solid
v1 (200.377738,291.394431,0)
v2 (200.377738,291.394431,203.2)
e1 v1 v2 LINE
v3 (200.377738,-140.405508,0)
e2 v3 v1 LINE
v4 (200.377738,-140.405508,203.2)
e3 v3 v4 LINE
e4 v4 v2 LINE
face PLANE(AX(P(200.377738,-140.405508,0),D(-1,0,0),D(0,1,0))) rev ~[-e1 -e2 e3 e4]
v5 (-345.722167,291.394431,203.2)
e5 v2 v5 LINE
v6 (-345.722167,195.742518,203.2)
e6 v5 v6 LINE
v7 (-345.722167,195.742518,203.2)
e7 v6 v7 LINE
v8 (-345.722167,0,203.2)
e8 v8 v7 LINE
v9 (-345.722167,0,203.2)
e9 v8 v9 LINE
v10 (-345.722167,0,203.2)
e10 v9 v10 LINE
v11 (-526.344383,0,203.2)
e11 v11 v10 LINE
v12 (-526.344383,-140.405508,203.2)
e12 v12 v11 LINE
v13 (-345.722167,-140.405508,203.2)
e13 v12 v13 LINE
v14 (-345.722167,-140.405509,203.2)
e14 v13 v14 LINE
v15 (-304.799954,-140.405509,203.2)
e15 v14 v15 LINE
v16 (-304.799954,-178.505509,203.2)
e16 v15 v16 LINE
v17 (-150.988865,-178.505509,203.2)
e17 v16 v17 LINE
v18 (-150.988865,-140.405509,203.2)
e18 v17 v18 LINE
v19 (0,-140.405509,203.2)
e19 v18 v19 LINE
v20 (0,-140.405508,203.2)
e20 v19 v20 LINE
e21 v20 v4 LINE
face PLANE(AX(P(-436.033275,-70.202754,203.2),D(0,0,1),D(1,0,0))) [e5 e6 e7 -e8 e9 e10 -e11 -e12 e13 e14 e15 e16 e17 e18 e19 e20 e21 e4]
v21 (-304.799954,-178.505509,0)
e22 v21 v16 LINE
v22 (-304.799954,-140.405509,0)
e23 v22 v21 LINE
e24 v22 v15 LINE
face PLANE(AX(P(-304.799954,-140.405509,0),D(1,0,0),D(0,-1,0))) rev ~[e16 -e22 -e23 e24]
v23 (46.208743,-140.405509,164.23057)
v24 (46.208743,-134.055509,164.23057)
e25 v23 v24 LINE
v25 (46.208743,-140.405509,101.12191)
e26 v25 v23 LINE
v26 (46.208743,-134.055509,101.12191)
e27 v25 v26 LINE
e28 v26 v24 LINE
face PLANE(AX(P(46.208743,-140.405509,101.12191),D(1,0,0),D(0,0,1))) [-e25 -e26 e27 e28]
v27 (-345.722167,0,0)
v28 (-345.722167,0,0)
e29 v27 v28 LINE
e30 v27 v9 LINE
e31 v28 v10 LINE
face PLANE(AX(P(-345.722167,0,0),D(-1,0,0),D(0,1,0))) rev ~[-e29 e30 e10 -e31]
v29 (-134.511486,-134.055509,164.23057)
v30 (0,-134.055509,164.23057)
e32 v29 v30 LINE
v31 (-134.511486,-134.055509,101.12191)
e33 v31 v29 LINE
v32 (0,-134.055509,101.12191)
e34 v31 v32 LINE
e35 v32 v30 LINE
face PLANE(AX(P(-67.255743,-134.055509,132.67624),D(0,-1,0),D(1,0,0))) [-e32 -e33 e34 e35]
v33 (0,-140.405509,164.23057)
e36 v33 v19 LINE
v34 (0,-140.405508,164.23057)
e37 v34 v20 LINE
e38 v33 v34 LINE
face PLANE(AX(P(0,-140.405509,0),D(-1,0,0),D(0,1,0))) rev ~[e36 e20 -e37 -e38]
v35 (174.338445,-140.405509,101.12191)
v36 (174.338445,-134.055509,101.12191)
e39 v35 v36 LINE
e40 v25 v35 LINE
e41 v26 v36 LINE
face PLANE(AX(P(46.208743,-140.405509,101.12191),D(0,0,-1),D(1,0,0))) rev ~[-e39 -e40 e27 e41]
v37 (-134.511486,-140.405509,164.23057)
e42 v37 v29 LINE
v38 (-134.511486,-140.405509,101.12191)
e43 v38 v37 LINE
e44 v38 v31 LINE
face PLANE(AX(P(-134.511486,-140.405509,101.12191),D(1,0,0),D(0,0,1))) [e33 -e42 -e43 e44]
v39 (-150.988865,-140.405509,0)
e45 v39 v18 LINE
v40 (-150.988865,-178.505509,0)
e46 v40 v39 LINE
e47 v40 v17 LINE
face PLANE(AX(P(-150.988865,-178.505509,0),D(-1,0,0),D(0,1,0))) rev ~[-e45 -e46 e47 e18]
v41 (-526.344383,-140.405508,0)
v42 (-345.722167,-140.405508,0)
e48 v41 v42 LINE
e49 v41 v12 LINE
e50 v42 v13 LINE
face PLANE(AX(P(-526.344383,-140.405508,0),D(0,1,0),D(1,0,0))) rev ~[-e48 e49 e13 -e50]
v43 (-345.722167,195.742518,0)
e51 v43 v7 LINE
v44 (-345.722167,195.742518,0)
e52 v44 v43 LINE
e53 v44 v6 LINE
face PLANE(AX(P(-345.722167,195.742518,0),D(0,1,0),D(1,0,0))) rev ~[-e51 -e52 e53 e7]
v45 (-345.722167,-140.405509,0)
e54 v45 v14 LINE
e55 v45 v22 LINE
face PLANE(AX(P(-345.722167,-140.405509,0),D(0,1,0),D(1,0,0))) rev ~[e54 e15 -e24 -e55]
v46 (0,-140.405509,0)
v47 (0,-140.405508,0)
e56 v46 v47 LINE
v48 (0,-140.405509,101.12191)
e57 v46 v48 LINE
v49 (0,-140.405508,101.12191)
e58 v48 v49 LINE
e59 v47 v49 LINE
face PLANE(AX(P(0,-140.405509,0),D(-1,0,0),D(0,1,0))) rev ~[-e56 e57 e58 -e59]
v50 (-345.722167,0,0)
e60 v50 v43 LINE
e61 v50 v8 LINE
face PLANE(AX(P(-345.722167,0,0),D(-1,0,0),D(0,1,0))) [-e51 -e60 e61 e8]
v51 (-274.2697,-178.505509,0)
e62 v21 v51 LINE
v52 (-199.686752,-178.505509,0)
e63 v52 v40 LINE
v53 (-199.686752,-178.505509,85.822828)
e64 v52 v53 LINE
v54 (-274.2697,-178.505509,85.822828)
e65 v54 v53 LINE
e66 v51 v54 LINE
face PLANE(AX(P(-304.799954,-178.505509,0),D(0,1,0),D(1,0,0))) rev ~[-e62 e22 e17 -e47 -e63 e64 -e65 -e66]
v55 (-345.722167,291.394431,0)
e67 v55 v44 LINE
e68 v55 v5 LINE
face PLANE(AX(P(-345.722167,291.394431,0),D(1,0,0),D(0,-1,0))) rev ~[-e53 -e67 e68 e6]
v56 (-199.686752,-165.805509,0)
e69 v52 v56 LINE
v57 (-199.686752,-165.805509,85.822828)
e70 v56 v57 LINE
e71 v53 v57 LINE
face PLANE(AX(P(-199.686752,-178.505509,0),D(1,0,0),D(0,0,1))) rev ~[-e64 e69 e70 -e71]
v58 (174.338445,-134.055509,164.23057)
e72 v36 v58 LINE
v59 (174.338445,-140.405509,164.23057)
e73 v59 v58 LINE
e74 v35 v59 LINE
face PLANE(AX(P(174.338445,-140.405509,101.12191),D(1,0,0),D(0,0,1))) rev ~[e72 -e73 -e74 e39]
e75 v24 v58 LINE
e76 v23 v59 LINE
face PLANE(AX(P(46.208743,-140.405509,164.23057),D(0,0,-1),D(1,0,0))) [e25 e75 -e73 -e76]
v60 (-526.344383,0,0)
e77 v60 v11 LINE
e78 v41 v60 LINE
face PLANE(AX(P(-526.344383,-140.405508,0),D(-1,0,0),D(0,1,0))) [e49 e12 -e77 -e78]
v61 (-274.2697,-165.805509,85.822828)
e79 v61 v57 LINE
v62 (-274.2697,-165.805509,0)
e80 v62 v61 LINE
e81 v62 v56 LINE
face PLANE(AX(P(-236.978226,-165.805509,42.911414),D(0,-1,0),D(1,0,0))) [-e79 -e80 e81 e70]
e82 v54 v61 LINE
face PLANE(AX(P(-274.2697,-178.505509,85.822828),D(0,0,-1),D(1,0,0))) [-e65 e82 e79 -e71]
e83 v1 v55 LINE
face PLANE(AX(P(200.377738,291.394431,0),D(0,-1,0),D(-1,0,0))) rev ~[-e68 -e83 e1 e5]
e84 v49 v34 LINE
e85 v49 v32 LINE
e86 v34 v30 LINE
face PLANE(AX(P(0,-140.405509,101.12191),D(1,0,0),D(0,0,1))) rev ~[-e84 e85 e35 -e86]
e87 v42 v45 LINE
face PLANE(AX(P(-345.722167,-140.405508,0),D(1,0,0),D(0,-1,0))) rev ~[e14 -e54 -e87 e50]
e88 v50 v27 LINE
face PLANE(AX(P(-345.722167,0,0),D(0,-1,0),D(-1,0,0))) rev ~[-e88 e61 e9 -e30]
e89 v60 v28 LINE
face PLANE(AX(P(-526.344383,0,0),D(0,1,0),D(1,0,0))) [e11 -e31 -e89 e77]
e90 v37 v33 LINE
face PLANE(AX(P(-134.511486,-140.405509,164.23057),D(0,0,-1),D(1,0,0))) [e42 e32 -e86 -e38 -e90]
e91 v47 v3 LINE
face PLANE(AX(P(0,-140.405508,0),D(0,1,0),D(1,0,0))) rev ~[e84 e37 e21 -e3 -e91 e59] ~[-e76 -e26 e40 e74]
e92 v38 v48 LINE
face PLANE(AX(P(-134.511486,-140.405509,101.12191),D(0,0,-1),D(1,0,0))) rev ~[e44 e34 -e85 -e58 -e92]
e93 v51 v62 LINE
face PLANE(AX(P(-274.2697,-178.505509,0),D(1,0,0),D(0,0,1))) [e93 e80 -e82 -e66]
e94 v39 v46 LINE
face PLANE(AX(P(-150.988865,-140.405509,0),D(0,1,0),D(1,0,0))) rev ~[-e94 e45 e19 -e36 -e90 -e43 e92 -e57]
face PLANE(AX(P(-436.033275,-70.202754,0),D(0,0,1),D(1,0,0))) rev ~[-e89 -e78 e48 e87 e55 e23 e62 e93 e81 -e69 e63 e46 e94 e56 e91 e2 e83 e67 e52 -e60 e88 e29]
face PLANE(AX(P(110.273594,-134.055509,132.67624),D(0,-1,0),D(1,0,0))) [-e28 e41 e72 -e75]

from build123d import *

# Parameters (mm, degrees)
F0_W     = 180.622216
F0_H     = 140.405509
F0_W_2   = 194.250329
F0_H_2   = 195.742518
F0_W_3   = 200.377738
F0_H_3   = 113.020826
F1_DEPTH = 203.2
F2_W     = 74.582949
F2_H     = 85.822828
F3_DEPTH = 12.7
F4_W     = 134.511486
F4_H     = 63.10866
F5_DEPTH = 6.35
F6_W     = 128.129702
F6_H     = 63.10866
F7_DEPTH = 6.35


with BuildPart() as f1:
    # F0 (on Top) → F1 (new body)
    with BuildSketch(Plane.XY):
        with Locations((-436.033275, -70.202754)):
            Rectangle(F0_W, F0_H)
        Polygon((-151.471838, 0), (-345.722167, 0), (-345.722167, -140.405509), (-304.799954, -140.405509), (-304.799954, -178.505509), (-150.988865, -178.505509), (-150.988865, -140.405509), (0, -140.405509), (0, 0), (200.377738, 0), (200.377738, 178.373605), (0, 178.373605), (0, 291.394431), (-345.722167, 291.394431), (-345.722167, 195.742518), (-151.471838, 195.742518), align=None)
        with Locations((-248.597002, 97.871259)):
            Rectangle(F0_W_2, F0_H_2)
        with Locations((100.188869, 234.884018)):
            Rectangle(F0_W_3, F0_H_3)
        with Locations((100.188869, -70.202754)):
            Rectangle(F0_W_3, F0_H)
    extrude(amount=F1_DEPTH)

    # F2 (on face) → F3 (cut)
    with BuildSketch(Plane.XZ.offset(178.505509)):
        with Locations((-236.978226, 42.911414)):
            Rectangle(F2_W, F2_H)
    extrude(amount=-F3_DEPTH, mode=Mode.SUBTRACT)

    # F4 (on face) → F5 (cut)
    with BuildSketch(Plane.XZ.offset(140.405509)):
        with Locations((-67.255743, 132.67624)):
            Rectangle(F4_W, F4_H)
    extrude(amount=-F5_DEPTH, mode=Mode.SUBTRACT)

    # F6 (on face) → F7 (cut)
    with BuildSketch(Plane.XZ.offset(140.405509)):
        with Locations((110.273594, 132.67624)):
            Rectangle(F6_W, F6_H)
    extrude(amount=-F7_DEPTH, mode=Mode.SUBTRACT)


solid = f1.part
